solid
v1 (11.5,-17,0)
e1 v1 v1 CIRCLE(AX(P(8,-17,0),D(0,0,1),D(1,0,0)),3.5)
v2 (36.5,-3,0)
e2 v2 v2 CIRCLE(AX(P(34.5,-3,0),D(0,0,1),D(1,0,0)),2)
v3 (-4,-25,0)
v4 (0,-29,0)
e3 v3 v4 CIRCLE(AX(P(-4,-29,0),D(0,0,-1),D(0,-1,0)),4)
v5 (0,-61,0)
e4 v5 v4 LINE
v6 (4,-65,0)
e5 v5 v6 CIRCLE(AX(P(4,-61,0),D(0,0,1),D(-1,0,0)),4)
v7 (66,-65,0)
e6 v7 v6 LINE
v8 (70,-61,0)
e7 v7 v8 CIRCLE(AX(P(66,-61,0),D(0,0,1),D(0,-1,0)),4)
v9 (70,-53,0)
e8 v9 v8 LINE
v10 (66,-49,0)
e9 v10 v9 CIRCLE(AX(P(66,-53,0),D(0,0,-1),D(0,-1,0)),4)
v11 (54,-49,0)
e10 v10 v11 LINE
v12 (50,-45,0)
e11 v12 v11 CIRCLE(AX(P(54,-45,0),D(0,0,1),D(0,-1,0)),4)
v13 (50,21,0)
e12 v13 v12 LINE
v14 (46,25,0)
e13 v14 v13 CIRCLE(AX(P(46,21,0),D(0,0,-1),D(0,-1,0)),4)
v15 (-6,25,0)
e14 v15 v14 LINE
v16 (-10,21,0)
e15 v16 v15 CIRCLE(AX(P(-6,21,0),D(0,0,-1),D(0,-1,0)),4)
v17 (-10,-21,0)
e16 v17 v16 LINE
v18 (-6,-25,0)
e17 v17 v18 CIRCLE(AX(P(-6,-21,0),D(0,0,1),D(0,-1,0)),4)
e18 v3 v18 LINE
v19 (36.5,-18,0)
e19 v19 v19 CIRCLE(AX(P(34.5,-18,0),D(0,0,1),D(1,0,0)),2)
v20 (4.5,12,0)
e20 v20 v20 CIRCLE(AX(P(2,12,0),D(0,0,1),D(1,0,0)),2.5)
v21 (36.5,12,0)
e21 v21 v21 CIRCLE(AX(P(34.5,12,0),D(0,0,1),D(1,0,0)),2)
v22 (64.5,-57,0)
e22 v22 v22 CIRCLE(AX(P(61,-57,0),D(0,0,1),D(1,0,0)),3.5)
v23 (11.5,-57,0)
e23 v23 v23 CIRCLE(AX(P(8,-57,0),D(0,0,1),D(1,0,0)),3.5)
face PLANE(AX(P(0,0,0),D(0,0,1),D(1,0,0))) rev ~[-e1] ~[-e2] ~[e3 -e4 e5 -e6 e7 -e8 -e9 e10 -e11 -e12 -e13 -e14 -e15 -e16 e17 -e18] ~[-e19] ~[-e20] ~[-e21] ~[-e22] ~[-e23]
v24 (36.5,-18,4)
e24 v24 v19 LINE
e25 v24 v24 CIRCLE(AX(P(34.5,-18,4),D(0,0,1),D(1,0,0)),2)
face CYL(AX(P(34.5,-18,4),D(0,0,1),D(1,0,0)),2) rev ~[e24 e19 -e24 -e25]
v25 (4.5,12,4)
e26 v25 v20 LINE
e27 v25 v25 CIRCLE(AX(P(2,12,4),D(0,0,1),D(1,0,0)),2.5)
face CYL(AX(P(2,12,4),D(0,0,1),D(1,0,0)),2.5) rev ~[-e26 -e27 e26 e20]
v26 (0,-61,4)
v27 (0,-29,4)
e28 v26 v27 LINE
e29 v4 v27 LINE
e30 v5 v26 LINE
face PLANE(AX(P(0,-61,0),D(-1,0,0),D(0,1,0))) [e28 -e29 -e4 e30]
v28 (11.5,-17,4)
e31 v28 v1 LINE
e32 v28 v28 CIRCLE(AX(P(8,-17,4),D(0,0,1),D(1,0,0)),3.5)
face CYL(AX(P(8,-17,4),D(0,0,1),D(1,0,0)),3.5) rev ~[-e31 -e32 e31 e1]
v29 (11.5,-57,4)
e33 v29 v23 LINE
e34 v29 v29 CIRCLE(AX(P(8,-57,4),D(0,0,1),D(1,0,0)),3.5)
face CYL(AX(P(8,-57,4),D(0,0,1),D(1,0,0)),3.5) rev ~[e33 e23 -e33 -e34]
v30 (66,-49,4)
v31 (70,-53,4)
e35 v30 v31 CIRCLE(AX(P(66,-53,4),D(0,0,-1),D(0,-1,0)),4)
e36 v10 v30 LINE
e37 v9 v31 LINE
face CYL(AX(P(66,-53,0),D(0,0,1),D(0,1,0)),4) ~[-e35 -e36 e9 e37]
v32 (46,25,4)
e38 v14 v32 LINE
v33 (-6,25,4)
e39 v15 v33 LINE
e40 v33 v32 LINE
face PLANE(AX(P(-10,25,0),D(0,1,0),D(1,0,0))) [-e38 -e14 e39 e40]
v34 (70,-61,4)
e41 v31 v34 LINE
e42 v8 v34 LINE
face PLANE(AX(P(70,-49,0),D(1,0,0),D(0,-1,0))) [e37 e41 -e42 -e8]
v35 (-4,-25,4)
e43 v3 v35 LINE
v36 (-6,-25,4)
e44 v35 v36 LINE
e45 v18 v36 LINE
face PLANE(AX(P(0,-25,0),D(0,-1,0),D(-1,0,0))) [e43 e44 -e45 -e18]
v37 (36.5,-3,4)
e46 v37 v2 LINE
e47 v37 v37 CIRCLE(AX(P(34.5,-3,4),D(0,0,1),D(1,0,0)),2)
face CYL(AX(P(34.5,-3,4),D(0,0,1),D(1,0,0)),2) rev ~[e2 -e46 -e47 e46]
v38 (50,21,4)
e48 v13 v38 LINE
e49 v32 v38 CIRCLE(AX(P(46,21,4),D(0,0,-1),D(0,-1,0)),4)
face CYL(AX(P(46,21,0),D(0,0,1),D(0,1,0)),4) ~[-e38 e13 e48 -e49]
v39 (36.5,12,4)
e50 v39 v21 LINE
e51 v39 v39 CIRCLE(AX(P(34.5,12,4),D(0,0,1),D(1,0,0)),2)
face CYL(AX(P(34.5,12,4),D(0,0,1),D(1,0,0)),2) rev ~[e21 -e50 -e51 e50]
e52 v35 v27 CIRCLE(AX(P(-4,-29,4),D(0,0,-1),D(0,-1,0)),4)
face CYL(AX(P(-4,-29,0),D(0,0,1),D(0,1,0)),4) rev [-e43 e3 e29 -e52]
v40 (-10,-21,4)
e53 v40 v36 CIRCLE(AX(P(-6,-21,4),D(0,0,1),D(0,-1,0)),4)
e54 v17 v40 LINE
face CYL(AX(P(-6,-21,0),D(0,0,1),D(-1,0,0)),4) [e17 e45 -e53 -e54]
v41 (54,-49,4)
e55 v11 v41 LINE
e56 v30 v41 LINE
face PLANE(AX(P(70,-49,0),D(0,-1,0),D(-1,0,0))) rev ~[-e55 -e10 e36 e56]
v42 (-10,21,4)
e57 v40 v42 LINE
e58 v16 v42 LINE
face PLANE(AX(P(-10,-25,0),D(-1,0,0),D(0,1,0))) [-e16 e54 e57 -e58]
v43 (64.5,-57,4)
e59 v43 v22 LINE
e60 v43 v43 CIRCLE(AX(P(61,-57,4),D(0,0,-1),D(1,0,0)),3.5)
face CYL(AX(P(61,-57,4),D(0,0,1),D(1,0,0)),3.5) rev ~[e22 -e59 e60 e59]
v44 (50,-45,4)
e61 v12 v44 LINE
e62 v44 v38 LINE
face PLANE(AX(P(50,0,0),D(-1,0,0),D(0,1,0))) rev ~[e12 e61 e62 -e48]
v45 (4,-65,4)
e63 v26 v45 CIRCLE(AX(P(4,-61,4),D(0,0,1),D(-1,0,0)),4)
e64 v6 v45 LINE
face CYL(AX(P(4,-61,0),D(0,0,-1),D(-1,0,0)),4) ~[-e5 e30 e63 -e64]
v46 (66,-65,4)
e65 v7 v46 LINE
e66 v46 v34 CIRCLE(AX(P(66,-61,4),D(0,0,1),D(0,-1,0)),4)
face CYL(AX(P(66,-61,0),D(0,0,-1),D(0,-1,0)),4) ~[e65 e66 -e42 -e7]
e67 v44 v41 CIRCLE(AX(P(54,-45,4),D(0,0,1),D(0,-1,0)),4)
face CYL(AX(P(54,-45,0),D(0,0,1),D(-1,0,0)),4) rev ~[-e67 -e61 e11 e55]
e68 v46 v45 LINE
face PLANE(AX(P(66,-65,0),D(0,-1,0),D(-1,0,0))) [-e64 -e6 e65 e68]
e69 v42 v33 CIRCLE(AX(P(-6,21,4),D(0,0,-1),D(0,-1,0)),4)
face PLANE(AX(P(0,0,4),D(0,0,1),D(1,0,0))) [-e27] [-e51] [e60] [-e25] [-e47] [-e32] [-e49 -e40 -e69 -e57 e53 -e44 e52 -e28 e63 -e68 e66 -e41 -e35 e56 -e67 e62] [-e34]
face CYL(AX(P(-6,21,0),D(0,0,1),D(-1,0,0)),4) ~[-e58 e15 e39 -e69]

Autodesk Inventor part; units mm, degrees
ref_plane "YZ Plane" through (0, 0, 0) normal (1, 0, 0) x (0, 1, 0)
ref_plane "XZ Plane" through (0, 0, 0) normal (0, 1, 0) x (-1, 0, 0)
ref_plane "XY Plane" through (0, 0, 0) normal (0, 0, 1) x (1, 0, 0)
sketch "Эскиз1" plane through (0, 0, 0) normal (0, 0, 1) x (1, 0, 0)
  line L0 (4, 0) -> (50, 0)
  line L1 (70, -4) -> (70, -49)
  line L2 (66, -65) -> (4, -65)
  line L3 (0, -61) -> (0, -4)
  arc A0 (70, -4) -> (66, 0) centre (66, -4) ccw
  arc A1 (66, -65) -> (70, -61) centre (66, -61) ccw
  arc A2 (4, 0) -> (0, -4) centre (4, -4) ccw
  arc A3 (0, -61) -> (4, -65) centre (4, -61) ccw
  line L4 (-10, 25) -> (50, 25)
  line L5 (65, 25) -> (65, -25)
  line L6 (65, -25) -> (-10, -25)
  line L7 (-10, -25) -> (-10, 25)
  line L8 (-10, 25) -> (65, -25) construction
  line L9 (65, 25) -> (-10, -25) construction
  line L10 (70, -49) -> (50, -49)
  line L11 (50, -49) -> (50, 25)
  line L12 (70, -49) -> (70, -61)
  line L13 (65, 0) -> (66, 0)
  line L14 (50, 0) -> (65, 0)
  line L15 (50, 25) -> (65, 25)
  point P0 (0, 0)
  point P1 (70, -65)
  point P2 (70, 0)
  point P3 (27.5, 0)
  point P4 (5, 0)
  point P5 (65, 0)
  point P6 (50, -25)
  point P7 (0, -25)
  dimension "d0" = 70
  dimension "d1" = 65
  dimension "d2" = 4
  dimension "d23" = 75
  dimension "d24" = 50
  dimension "d44" = 20
  dimension "d46" = 16
  dimension "d47" = 5
  dimension "d48" = 25
extrude "Выдавливание1" add sketch "Эскиз1" along normal blind 4 contours A2 L3 L6 L7 L4 L11 L0 | L0 L11 L6 L3 A2 | L11 L10 L12 A1 L2 A3 L3 L6
sketch "Эскиз2" plane through (0, 0, 4) normal (0, 0, 1) x (1, 0, 0)
  circle A0 centre (61, -57) radius 3.5
  line L0 (4, -65) -> (66, -65) projected
  circle A1 centre (8, -57) radius 3.5
  line L1 (0, -25) -> (0, -61) projected
  circle A2 centre (61, -17) radius 3.5
  circle A3 centre (8, -17) radius 3.5
  line L2 (61, -17) -> (8, -17) construction
  line L3 (61, -17) -> (61, -57) construction
  line L4 (8, -57) -> (61, -57)
  circle A4 centre (54.5, 12) radius 2.5
  line L5 (54.5, 12) -> (54.5, -22.1685) construction
  circle A5 centre (2, 12) radius 2.5
  line L6 (70, -61) -> (70, -49) projected
  line L7 (-10, 25) -> (-10, -25) projected
  dimension "d5" = 7
  dimension "d6" = 8
  dimension "d8" = 7
  dimension "d9" = 8
  dimension "d10" = 8
  dimension "d13" = 7
  dimension "d16" = 7
  dimension "d19" = 53
  dimension "d20" = 53
  dimension "d21" = 40
  dimension "d22" = 40
  dimension "d26" = 5
  dimension "d27" = 29
  dimension "d28" = 6.5
  dimension "d29" = 5
  dimension "d43" = 29
  dimension "d51" = 12
extrude "Выдавливание2" cut sketch "Эскиз2" against normal blind 4
fillet "Сопряжение1" radius 4 1 edges at (-10, 25, 2)
sketch "Эскиз3" plane through (0, 0, 4) normal (0, 0, 1) x (1, 0, 0)
  circle A0 centre (2, 12) radius 2.5 construction
  line L0 (67, 12) -> (2, 12) construction
  line L1 (34.5, 12) -> (34.5, -39.6855) construction
  circle A1 centre (34.5, 12) radius 2
  circle A2 centre (34.5, -3) radius 2
  circle A3 centre (34.5, -18) radius 2
  line L2 (50, -49) -> (50, 25) projected
  point P0 (0, 0)
  dimension "d31" = 4
  dimension "d32" = 4
  dimension "d33" = 4
  dimension "d34" = 15
  dimension "d35" = 15
  dimension "d50" = 15.5
extrude "Выдавливание3" cut sketch "Эскиз3" against normal blind 10
fillet "Сопряжение3" radius 4 3 edges at (50, 25, 2) (50, -49, 2) (70, -49, 2)
sketch "Эскиз5" plane through (0, 0, 4) normal (0, 0, 1) x (1, 0, 0)
  circle A0 centre (79.889, -5.5) radius 8 construction
  line L0 (79.889, 2.5) -> (-3.7783, 2.5) construction
  point P0 (0, 0)
fillet "Сопряжение4" radius 4 2 edges at (0, -25, 2) (-10, -25, 2)
properties part number "креп_центр_рейки"
